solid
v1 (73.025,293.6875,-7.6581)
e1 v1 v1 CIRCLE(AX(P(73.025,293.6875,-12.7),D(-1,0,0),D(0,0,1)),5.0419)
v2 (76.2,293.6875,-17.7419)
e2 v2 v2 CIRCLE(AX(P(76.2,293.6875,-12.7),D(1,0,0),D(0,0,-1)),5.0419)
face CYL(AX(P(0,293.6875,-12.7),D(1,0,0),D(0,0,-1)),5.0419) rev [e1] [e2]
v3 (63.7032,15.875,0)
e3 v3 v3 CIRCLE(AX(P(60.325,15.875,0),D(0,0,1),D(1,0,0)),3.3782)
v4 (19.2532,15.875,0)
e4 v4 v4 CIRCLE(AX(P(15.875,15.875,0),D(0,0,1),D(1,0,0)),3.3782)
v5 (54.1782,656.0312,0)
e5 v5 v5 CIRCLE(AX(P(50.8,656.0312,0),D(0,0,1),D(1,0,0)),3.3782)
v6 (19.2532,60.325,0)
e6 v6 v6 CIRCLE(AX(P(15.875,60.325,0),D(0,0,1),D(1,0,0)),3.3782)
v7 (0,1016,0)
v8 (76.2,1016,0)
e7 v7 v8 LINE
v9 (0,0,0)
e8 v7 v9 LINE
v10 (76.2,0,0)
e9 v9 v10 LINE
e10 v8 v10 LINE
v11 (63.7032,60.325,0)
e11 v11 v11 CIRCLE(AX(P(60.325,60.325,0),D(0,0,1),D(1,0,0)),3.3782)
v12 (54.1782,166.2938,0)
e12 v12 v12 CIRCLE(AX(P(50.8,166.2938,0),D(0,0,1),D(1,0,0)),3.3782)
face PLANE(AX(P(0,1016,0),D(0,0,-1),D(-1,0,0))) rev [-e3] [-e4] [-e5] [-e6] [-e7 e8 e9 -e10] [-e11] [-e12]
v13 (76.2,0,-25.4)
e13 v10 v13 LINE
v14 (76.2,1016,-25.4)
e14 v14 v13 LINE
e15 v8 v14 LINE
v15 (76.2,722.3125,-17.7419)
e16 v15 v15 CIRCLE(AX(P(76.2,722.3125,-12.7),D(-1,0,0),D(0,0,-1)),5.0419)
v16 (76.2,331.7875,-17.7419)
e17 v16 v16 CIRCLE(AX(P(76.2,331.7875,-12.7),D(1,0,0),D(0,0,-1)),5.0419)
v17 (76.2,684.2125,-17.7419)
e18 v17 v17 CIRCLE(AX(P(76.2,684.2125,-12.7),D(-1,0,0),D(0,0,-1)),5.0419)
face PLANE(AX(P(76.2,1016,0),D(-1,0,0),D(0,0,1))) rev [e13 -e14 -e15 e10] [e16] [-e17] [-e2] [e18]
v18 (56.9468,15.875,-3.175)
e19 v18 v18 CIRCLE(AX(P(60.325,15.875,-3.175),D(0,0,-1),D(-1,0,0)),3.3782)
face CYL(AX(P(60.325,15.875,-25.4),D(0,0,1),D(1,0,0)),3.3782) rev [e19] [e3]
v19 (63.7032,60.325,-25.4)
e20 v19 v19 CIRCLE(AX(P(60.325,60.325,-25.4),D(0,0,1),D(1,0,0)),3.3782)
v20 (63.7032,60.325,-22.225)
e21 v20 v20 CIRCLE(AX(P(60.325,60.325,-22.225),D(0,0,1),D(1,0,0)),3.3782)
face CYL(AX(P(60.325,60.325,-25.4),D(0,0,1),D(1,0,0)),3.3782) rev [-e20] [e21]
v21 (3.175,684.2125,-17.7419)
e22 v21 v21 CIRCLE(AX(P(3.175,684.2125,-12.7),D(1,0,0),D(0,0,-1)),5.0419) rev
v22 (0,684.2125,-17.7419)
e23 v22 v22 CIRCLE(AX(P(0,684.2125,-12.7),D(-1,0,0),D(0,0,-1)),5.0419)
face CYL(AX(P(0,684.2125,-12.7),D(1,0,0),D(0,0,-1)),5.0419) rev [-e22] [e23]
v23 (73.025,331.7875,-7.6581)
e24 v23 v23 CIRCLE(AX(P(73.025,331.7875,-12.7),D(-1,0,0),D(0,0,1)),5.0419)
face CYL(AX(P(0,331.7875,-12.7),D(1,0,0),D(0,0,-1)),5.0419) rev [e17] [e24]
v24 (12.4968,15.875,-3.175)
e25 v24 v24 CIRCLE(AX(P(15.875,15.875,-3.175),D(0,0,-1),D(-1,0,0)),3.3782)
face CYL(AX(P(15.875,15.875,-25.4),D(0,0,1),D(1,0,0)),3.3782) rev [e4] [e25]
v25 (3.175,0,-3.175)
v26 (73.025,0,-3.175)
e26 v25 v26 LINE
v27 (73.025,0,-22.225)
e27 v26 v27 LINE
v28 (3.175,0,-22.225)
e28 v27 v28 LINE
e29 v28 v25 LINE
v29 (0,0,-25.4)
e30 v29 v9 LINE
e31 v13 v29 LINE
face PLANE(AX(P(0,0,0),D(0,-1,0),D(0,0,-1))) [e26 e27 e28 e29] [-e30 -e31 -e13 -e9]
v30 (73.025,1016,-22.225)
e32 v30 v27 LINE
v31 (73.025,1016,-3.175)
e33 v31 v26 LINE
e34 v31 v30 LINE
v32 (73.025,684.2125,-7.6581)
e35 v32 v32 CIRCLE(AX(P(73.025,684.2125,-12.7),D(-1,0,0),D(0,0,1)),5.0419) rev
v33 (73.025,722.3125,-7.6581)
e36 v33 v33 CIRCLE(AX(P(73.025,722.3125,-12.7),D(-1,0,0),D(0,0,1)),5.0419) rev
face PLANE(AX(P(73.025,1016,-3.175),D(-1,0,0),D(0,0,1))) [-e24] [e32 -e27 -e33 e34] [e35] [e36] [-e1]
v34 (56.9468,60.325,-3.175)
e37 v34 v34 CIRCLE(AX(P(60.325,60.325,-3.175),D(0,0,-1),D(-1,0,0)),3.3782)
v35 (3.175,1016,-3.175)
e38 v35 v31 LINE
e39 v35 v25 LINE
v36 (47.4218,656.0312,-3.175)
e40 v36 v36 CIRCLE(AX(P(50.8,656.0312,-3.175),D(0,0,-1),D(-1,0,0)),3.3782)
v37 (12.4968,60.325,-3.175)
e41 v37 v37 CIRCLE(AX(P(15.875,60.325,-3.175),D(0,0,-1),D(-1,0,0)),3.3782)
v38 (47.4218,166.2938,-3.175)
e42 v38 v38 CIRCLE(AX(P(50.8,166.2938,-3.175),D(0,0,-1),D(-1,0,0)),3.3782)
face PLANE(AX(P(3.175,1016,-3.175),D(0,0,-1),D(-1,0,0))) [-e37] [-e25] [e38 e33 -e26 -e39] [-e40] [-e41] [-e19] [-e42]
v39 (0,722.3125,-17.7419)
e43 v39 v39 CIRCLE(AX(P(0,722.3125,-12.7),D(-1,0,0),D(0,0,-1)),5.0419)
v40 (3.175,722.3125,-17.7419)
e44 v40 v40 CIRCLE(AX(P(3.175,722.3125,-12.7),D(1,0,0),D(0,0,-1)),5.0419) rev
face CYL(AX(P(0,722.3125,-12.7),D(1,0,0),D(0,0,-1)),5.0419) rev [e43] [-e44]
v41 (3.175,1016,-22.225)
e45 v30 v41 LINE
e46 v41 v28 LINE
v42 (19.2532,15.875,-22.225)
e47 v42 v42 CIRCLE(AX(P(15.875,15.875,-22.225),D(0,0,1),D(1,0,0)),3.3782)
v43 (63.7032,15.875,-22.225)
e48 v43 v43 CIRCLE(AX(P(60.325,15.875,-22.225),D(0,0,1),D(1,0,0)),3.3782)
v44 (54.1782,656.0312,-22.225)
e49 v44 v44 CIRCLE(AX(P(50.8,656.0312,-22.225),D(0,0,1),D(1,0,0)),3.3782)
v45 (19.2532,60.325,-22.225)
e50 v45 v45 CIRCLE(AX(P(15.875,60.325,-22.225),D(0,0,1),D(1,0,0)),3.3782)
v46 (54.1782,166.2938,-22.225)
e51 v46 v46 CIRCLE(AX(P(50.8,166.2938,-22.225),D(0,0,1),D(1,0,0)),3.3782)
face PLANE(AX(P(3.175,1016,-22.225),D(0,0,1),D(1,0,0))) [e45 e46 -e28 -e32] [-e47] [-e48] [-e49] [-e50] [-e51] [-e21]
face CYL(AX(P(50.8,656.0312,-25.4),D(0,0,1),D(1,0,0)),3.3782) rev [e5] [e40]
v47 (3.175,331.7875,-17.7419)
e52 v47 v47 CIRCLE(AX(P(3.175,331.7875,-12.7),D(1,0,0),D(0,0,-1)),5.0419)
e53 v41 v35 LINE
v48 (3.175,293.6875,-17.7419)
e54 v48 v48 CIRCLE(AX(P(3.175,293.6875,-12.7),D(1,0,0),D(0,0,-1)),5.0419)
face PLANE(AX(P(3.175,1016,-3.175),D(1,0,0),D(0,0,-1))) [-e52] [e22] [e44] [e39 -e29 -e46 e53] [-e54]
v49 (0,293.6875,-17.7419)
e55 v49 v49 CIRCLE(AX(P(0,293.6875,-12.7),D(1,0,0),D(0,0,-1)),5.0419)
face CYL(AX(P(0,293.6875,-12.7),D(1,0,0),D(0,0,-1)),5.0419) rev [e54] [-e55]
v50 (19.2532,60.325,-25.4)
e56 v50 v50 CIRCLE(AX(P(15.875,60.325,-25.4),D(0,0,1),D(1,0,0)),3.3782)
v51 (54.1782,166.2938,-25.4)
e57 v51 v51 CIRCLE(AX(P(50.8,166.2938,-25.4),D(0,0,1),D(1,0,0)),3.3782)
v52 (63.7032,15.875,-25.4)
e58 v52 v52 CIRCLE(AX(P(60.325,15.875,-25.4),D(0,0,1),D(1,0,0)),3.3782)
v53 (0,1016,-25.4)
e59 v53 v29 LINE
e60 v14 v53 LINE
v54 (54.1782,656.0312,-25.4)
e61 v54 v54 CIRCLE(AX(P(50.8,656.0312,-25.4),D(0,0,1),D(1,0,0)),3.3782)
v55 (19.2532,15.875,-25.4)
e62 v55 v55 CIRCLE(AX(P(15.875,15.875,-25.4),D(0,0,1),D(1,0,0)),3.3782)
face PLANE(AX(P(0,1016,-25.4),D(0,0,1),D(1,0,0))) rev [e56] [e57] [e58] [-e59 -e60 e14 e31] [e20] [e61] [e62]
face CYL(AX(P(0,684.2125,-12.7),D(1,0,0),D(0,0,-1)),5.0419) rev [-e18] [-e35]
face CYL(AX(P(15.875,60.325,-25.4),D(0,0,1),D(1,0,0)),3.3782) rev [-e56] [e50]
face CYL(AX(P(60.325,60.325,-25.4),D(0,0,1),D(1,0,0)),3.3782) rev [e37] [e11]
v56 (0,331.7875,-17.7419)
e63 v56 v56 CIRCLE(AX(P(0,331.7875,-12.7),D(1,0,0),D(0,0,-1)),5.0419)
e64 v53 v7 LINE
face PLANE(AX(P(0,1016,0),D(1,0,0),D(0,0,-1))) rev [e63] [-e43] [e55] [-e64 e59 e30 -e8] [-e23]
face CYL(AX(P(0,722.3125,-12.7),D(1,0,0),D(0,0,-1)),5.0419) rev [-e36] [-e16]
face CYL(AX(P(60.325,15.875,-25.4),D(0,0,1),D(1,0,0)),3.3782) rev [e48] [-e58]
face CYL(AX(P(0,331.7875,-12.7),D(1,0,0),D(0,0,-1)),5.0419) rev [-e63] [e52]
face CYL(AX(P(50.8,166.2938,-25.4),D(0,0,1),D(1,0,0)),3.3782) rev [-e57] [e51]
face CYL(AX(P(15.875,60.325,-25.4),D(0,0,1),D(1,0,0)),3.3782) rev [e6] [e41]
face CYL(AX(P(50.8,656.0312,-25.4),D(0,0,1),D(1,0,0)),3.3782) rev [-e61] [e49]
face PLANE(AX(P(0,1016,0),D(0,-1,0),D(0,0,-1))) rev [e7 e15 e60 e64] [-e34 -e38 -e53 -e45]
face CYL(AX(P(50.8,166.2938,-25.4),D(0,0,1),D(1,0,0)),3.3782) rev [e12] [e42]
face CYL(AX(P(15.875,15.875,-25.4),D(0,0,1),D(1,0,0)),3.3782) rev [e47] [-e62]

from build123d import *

# Parameters (mm, degrees)
SKETCH1_W           = 76.2
SKETCH1_H           = 25.4
SKETCH1_W_2         = 69.85
SKETCH1_H_2         = 19.05
BOSS_EXTRUDE1_DEPTH = 1016
SKETCH2_R           = 5.0419
CUT_EXTRUDE1_DEPTH  = 77.2
SKETCH3_R           = 3.3782
CUT_EXTRUDE2_DEPTH  = 26.4
SKETCH4_R           = 3.3782
CUT_EXTRUDE3_DEPTH  = 26.4


with BuildPart() as part:
    # Sketch1 → Boss-Extrude1 (new body)
    with BuildSketch(Plane(origin=(0, 0, 0), x_dir=(1, 0, 0), z_dir=(0, 1, 0))):
        with Locations((38.1, 12.7)):
            Rectangle(SKETCH1_W, SKETCH1_H)
        with Locations((38.1, 12.7)):
            Rectangle(SKETCH1_W_2, SKETCH1_H_2, mode=Mode.SUBTRACT)
    extrude(amount=BOSS_EXTRUDE1_DEPTH)

    # Sketch2 → Cut-Extrude1 (cut, through all)
    with BuildSketch(Plane(origin=(76.2, 0, 0), x_dir=(0, 0, -1), z_dir=(1, 0, 0))):
        with Locations((12.7, 293.6875)):
            Circle(SKETCH2_R)
        with Locations((12.7, 331.7875)):
            Circle(SKETCH2_R)
    cut_extrude1 = extrude(amount=-CUT_EXTRUDE1_DEPTH, mode=Mode.SUBTRACT)

    # Mirror1: Cut-Extrude1 across plane
    add(cut_extrude1.mirror(Plane(origin=(0, 508, 0), x_dir=(0, 0, 1), z_dir=(0, -1, 0))), mode=Mode.SUBTRACT)

    # Sketch3 → Cut-Extrude2 (cut, through all)
    with BuildSketch(Plane.XY):
        with Locations((15.875, 15.875)):
            Circle(SKETCH3_R)
        with Locations((15.875, 60.325)):
            Circle(SKETCH3_R)
        with Locations((60.325, 15.875)):
            Circle(SKETCH3_R)
        with Locations((60.325, 60.325)):
            Circle(SKETCH3_R)
    extrude(amount=-CUT_EXTRUDE2_DEPTH, mode=Mode.SUBTRACT)

    # Sketch4 → Cut-Extrude3 (cut, through all)
    with BuildSketch(Plane.XY):
        with Locations((50.8, 166.2938)):
            Circle(SKETCH4_R)
        with Locations((50.8, 656.0312)):
            Circle(SKETCH4_R)
    extrude(amount=-CUT_EXTRUDE3_DEPTH, mode=Mode.SUBTRACT)


solid = part.part
